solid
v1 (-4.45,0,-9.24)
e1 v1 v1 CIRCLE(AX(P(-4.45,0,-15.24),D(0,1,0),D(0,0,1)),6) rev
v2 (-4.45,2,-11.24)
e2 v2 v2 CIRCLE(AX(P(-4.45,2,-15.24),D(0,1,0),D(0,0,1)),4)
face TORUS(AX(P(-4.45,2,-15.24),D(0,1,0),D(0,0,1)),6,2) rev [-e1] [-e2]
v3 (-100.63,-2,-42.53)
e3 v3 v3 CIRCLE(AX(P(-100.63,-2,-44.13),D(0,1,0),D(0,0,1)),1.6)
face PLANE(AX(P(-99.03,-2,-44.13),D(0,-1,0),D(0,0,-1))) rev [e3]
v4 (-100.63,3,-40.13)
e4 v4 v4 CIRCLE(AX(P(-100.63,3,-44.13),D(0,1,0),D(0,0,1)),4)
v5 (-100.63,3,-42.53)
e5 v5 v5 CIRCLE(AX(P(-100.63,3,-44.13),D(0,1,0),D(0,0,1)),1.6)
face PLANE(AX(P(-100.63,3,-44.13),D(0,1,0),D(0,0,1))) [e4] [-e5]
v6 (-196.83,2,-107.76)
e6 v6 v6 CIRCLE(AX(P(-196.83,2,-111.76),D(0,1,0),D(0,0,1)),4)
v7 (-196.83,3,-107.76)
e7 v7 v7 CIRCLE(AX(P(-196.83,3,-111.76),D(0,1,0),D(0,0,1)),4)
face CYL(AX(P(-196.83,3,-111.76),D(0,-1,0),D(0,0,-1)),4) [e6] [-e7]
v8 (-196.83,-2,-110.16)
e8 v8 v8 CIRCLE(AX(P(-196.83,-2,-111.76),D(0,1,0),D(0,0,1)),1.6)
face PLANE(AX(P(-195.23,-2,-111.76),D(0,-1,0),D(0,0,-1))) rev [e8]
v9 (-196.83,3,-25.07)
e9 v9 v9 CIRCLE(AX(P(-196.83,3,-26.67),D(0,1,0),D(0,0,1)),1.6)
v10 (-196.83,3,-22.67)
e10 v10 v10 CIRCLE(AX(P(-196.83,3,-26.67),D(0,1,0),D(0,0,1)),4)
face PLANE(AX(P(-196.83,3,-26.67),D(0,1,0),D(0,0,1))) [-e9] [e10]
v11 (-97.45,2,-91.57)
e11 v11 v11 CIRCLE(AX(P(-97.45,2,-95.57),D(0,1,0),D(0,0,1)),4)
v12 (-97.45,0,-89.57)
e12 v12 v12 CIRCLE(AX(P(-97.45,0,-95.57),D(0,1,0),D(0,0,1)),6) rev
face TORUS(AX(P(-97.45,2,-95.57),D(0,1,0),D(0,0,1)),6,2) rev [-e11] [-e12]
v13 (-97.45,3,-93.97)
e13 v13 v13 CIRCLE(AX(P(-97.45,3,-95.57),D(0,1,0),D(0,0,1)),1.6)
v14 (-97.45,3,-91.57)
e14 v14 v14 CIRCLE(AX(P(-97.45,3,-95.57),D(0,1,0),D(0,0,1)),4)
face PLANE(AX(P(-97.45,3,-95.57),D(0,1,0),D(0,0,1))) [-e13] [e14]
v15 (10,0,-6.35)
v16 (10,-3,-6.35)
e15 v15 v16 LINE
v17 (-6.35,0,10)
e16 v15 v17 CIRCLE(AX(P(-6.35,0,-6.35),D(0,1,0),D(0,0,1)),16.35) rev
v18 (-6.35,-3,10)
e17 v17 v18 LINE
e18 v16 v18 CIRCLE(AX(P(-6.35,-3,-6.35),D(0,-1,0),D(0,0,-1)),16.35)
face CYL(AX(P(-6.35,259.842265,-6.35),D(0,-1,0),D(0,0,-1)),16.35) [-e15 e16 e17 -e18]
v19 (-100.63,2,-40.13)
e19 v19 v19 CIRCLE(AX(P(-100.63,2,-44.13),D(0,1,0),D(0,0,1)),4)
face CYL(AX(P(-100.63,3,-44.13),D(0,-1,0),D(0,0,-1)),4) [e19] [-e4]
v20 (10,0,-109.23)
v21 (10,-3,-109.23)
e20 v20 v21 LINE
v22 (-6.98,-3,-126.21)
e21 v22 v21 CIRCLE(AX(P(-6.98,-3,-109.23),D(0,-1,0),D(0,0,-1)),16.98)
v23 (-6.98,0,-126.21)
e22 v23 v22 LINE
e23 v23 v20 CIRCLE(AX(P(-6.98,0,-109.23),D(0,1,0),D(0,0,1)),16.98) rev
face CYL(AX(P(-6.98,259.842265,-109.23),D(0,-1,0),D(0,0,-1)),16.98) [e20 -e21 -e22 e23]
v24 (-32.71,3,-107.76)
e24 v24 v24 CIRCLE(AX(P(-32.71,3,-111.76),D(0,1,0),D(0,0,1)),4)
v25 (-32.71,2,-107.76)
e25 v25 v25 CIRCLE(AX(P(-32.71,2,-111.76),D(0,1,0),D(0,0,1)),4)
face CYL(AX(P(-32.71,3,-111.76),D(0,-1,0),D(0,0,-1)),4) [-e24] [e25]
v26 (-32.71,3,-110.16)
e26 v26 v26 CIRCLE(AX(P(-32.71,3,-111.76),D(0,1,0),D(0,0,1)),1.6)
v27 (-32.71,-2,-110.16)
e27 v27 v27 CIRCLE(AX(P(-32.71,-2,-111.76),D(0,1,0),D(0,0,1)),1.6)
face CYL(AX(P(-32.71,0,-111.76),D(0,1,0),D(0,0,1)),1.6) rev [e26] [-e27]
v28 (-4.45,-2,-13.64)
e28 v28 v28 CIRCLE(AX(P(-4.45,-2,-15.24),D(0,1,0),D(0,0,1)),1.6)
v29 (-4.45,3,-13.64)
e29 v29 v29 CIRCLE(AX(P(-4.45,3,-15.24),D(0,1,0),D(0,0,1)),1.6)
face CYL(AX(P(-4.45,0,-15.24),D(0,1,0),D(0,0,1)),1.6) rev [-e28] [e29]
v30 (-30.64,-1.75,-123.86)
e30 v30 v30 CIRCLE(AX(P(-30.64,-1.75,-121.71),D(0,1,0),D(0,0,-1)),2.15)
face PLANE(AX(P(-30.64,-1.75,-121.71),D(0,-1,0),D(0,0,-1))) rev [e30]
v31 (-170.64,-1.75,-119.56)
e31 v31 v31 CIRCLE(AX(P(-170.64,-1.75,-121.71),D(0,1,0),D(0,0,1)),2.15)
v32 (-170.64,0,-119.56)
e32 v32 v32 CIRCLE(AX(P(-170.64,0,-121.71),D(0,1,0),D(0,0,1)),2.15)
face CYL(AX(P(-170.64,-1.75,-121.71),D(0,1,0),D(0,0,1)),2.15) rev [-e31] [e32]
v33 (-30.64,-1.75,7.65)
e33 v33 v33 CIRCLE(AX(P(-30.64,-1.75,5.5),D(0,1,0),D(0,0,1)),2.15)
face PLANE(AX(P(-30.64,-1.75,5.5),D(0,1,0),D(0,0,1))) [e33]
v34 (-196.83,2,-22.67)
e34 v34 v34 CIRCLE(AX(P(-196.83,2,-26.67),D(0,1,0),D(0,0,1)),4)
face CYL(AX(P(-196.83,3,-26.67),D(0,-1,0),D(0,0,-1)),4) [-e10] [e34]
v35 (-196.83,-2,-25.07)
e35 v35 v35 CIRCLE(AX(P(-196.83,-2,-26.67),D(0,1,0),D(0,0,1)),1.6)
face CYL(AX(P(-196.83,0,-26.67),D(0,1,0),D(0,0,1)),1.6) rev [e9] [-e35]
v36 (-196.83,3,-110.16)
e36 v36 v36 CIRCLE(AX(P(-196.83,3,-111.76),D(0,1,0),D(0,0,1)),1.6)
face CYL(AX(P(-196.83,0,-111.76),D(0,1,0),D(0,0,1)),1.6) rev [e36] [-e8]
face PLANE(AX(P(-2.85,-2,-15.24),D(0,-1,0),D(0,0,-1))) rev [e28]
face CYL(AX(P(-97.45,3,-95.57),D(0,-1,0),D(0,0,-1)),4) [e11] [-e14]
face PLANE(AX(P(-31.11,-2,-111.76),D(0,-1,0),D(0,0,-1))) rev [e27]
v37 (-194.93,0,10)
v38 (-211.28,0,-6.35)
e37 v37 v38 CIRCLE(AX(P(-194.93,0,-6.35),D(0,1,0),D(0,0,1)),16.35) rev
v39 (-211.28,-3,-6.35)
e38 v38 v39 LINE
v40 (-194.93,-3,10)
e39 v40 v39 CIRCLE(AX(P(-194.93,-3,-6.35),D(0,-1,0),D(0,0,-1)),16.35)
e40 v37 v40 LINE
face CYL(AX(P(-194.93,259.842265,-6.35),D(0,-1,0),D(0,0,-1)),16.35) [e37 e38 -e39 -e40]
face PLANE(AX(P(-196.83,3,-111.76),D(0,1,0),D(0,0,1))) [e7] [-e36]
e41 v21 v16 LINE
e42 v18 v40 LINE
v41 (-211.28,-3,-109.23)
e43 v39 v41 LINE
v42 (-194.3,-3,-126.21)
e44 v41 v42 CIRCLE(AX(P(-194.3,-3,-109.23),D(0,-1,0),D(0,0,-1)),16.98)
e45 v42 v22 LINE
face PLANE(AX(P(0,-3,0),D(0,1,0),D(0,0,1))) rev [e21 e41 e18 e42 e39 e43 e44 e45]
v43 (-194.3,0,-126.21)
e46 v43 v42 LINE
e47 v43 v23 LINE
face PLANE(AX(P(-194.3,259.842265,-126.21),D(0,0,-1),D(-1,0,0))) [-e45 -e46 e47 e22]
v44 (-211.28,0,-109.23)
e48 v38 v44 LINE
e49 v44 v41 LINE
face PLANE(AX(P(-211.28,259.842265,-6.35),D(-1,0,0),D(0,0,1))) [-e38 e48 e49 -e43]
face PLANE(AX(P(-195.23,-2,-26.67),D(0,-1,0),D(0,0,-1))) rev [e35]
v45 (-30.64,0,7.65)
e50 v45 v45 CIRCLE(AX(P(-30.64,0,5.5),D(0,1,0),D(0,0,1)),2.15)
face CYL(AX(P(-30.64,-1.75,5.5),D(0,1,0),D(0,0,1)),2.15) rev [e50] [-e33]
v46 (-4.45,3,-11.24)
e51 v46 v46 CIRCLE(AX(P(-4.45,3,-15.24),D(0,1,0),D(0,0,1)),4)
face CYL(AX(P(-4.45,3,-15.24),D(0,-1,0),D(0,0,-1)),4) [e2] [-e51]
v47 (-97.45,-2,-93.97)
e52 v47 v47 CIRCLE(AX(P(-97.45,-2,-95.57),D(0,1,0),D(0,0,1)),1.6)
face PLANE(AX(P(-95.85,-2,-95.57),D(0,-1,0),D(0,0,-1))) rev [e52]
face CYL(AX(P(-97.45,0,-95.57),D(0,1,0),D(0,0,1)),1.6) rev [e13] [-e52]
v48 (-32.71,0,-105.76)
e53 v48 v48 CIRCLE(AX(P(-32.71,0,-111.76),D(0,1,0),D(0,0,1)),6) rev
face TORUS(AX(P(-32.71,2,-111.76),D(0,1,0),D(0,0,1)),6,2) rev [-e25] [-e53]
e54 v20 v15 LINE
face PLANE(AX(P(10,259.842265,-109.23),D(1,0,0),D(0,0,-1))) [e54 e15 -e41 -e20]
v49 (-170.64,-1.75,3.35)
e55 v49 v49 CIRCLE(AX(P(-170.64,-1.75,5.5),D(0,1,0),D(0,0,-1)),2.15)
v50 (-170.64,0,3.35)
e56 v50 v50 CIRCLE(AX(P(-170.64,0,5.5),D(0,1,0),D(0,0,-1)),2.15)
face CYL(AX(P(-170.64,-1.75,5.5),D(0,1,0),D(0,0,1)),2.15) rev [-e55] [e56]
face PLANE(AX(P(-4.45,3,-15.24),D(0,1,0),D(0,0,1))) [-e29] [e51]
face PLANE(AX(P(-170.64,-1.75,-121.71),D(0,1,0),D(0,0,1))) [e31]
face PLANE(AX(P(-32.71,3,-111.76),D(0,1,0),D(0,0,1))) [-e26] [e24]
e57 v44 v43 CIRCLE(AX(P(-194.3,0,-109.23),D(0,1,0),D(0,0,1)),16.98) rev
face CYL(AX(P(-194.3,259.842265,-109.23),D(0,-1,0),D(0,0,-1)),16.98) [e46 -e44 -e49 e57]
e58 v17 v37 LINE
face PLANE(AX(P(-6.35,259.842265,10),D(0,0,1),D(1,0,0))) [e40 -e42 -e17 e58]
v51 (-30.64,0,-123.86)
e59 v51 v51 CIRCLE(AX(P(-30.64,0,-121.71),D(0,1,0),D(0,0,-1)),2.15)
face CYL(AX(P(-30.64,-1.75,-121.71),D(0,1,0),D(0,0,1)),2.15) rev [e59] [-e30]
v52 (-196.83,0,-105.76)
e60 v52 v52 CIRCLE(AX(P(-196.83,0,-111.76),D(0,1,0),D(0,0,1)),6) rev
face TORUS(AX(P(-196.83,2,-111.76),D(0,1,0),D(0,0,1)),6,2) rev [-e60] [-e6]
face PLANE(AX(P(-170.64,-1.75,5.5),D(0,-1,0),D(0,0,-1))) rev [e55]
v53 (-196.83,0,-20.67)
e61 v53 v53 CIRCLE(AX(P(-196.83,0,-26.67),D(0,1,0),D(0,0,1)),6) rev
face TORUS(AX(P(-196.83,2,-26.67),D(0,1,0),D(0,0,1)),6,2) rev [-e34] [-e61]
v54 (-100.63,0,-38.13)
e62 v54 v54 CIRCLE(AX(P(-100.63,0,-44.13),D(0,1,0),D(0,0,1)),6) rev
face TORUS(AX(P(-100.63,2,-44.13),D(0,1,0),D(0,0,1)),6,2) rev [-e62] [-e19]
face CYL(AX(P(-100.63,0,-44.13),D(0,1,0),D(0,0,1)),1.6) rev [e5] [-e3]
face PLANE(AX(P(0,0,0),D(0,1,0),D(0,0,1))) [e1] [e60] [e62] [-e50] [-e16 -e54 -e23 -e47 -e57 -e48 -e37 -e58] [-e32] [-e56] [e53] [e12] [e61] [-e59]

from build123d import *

# Parameters (mm, degrees)
SKETCH1_W                = 201.28
SKETCH1_H                = 116.21
BOSS_EXTRUDE1_DEPTH      = 3
FILLET1_R                = 6.98
FILLET2_R                = 6.35
BOSS_EXTRUDE3_DEPTH      = 3
SKETCH3_R                = 2.15
CUT_EXTRUDE1_DEPTH       = 1.75
M3_CLEARANCE_HOLE2_D     = 3.2
M3_CLEARANCE_HOLE2_DEPTH = 2
SKETCH8_R                = 4
BOSS_EXTRUDE4_DEPTH      = 3
FILLET3_R                = 2
M3_CLEARANCE_HOLE3_D     = 3.2
M3_CLEARANCE_HOLE3_DEPTH = 3


with BuildPart() as part:
    # Sketch1 → Boss-Extrude1 (new body)
    with BuildSketch(Plane(origin=(0, 0, 0), x_dir=(1, 0, 0), z_dir=(0, 1, 0))):
        with Locations((-100.64, 58.105)):
            Rectangle(SKETCH1_W, SKETCH1_H)
    extrude(amount=-BOSS_EXTRUDE1_DEPTH)

    # Fillet1
    fillet1_edges = [part.edges().sort_by_distance(p)[0] for p in [
        (-201.28, -1.5, -116.21),
        (0, -1.5, -116.21),
    ]]
    fillet(fillet1_edges, radius=FILLET1_R)

    # Fillet2
    fillet2_edges = [part.edges().sort_by_distance(p)[0] for p in [
        (0, -1.5, 0),
        (-201.28, -1.5, 0),
    ]]
    fillet(fillet2_edges, radius=FILLET2_R)

    # Sketch2 → Boss-Extrude3 (add)
    with BuildSketch(Plane(origin=(0, -3, 0), x_dir=(-1, 0, 0), z_dir=(0, -1, 0))):
        with BuildLine():
            Line((6.35, -10), (194.93, -10))
            ThreePointArc((194.93, -10), (206.491195872, -5.211195872), (211.28, 6.35))
            Line((211.28, 6.35), (211.28, 109.23))
            ThreePointArc((211.28, 109.23), (206.306673145, 121.236673145), (194.3, 126.21))
            Line((194.3, 126.21), (6.98, 126.21))
            ThreePointArc((6.98, 126.21), (-5.026673145, 121.236673145), (-10, 109.23))
            Line((-10, 109.23), (-10, 6.35))
            ThreePointArc((-10, 6.35), (-5.211195872, -5.211195872), (6.35, -10))
        make_face()
        with BuildLine():
            Line((6.35, 0), (194.93, 0))
            ThreePointArc((194.93, 0), (199.420128061, 1.859871939), (201.28, 6.35))
            Line((201.28, 6.35), (201.28, 109.23))
            ThreePointArc((201.28, 109.23), (199.235605333, 114.165605333), (194.3, 116.21))
            Line((194.3, 116.21), (6.98, 116.21))
            ThreePointArc((6.98, 116.21), (2.044394667, 114.165605333), (0, 109.23))
            Line((0, 109.23), (0, 6.35))
            ThreePointArc((0, 6.35), (1.859871939, 1.859871939), (6.35, 0))
        make_face(mode=Mode.SUBTRACT)
    extrude(amount=-BOSS_EXTRUDE3_DEPTH)

    # Sketch3 → Cut-Extrude1 (cut)
    with BuildSketch(Plane(origin=(0, 0, 0), x_dir=(1, 0, 0), z_dir=(0, 1, 0))):
        with Locations(Location((-170.64, -5.5, 0), (0, 0, 90))):
            Circle(SKETCH3_R)
        with Locations(Location((-30.64, 121.71, 0), (0, 0, 90))):
            Circle(SKETCH3_R)
        with Locations(Location((-30.64, -5.5, 0), (0, 0, 270))):
            Circle(SKETCH3_R)
        with Locations(Location((-170.64, 121.71, 0), (0, 0, 270))):
            Circle(SKETCH3_R)
    extrude(amount=-CUT_EXTRUDE1_DEPTH, mode=Mode.SUBTRACT)

    # M3 Clearance Hole2
    with Locations(Plane(origin=(0, 0, 0), x_dir=(1, 0, 0), z_dir=(0, 1, 0))):
        with Locations((-196.83, 111.76), (-32.71, 111.76), (-97.45, 95.57), (-100.63, 44.13), (-4.45, 15.24), (-196.83, 26.67)):
            Hole(M3_CLEARANCE_HOLE2_D / 2, depth=M3_CLEARANCE_HOLE2_DEPTH)

    # Sketch8 → Boss-Extrude4 (add)
    with BuildSketch(Plane(origin=(0, 0, 0), x_dir=(1, 0, 0), z_dir=(0, 1, 0))):
        with Locations(Location((-196.83, 111.76, 0), (0, 0, 270))):
            Circle(SKETCH8_R)
        with Locations(Location((-196.83, 26.67, 0), (0, 0, 270))):
            Circle(SKETCH8_R)
        with Locations(Location((-100.63, 44.13, 0), (0, 0, 270))):
            Circle(SKETCH8_R)
        with Locations(Location((-4.45, 15.24, 0), (0, 0, 270))):
            Circle(SKETCH8_R)
        with Locations(Location((-97.45, 95.57, 0), (0, 0, 270))):
            Circle(SKETCH8_R)
        with Locations(Location((-32.71, 111.76, 0), (0, 0, 270))):
            Circle(SKETCH8_R)
    extrude(amount=BOSS_EXTRUDE4_DEPTH)

    # Fillet3
    fillet3_edges = [part.edges().sort_by_distance(p)[0] for p in [
        (-196.83, 0, -115.76),
        (-196.83, 0, -30.67),
        (-100.63, 0, -48.13),
        (-4.45, 0, -19.24),
        (-97.45, 0, -99.57),
        (-32.71, 0, -115.76),
    ]]
    fillet(fillet3_edges, radius=FILLET3_R)

    # M3 Clearance Hole3
    with Locations(Plane(origin=(0, 3, 0), x_dir=(1, 0, 0), z_dir=(0, 1, 0))):
        with Locations((-4.45, 15.24), (-32.71, 111.76), (-97.45, 95.57), (-100.63, 44.13), (-196.83, 111.76), (-196.83, 26.67)):
            Hole(M3_CLEARANCE_HOLE3_D / 2, depth=M3_CLEARANCE_HOLE3_DEPTH)


solid = part.part
